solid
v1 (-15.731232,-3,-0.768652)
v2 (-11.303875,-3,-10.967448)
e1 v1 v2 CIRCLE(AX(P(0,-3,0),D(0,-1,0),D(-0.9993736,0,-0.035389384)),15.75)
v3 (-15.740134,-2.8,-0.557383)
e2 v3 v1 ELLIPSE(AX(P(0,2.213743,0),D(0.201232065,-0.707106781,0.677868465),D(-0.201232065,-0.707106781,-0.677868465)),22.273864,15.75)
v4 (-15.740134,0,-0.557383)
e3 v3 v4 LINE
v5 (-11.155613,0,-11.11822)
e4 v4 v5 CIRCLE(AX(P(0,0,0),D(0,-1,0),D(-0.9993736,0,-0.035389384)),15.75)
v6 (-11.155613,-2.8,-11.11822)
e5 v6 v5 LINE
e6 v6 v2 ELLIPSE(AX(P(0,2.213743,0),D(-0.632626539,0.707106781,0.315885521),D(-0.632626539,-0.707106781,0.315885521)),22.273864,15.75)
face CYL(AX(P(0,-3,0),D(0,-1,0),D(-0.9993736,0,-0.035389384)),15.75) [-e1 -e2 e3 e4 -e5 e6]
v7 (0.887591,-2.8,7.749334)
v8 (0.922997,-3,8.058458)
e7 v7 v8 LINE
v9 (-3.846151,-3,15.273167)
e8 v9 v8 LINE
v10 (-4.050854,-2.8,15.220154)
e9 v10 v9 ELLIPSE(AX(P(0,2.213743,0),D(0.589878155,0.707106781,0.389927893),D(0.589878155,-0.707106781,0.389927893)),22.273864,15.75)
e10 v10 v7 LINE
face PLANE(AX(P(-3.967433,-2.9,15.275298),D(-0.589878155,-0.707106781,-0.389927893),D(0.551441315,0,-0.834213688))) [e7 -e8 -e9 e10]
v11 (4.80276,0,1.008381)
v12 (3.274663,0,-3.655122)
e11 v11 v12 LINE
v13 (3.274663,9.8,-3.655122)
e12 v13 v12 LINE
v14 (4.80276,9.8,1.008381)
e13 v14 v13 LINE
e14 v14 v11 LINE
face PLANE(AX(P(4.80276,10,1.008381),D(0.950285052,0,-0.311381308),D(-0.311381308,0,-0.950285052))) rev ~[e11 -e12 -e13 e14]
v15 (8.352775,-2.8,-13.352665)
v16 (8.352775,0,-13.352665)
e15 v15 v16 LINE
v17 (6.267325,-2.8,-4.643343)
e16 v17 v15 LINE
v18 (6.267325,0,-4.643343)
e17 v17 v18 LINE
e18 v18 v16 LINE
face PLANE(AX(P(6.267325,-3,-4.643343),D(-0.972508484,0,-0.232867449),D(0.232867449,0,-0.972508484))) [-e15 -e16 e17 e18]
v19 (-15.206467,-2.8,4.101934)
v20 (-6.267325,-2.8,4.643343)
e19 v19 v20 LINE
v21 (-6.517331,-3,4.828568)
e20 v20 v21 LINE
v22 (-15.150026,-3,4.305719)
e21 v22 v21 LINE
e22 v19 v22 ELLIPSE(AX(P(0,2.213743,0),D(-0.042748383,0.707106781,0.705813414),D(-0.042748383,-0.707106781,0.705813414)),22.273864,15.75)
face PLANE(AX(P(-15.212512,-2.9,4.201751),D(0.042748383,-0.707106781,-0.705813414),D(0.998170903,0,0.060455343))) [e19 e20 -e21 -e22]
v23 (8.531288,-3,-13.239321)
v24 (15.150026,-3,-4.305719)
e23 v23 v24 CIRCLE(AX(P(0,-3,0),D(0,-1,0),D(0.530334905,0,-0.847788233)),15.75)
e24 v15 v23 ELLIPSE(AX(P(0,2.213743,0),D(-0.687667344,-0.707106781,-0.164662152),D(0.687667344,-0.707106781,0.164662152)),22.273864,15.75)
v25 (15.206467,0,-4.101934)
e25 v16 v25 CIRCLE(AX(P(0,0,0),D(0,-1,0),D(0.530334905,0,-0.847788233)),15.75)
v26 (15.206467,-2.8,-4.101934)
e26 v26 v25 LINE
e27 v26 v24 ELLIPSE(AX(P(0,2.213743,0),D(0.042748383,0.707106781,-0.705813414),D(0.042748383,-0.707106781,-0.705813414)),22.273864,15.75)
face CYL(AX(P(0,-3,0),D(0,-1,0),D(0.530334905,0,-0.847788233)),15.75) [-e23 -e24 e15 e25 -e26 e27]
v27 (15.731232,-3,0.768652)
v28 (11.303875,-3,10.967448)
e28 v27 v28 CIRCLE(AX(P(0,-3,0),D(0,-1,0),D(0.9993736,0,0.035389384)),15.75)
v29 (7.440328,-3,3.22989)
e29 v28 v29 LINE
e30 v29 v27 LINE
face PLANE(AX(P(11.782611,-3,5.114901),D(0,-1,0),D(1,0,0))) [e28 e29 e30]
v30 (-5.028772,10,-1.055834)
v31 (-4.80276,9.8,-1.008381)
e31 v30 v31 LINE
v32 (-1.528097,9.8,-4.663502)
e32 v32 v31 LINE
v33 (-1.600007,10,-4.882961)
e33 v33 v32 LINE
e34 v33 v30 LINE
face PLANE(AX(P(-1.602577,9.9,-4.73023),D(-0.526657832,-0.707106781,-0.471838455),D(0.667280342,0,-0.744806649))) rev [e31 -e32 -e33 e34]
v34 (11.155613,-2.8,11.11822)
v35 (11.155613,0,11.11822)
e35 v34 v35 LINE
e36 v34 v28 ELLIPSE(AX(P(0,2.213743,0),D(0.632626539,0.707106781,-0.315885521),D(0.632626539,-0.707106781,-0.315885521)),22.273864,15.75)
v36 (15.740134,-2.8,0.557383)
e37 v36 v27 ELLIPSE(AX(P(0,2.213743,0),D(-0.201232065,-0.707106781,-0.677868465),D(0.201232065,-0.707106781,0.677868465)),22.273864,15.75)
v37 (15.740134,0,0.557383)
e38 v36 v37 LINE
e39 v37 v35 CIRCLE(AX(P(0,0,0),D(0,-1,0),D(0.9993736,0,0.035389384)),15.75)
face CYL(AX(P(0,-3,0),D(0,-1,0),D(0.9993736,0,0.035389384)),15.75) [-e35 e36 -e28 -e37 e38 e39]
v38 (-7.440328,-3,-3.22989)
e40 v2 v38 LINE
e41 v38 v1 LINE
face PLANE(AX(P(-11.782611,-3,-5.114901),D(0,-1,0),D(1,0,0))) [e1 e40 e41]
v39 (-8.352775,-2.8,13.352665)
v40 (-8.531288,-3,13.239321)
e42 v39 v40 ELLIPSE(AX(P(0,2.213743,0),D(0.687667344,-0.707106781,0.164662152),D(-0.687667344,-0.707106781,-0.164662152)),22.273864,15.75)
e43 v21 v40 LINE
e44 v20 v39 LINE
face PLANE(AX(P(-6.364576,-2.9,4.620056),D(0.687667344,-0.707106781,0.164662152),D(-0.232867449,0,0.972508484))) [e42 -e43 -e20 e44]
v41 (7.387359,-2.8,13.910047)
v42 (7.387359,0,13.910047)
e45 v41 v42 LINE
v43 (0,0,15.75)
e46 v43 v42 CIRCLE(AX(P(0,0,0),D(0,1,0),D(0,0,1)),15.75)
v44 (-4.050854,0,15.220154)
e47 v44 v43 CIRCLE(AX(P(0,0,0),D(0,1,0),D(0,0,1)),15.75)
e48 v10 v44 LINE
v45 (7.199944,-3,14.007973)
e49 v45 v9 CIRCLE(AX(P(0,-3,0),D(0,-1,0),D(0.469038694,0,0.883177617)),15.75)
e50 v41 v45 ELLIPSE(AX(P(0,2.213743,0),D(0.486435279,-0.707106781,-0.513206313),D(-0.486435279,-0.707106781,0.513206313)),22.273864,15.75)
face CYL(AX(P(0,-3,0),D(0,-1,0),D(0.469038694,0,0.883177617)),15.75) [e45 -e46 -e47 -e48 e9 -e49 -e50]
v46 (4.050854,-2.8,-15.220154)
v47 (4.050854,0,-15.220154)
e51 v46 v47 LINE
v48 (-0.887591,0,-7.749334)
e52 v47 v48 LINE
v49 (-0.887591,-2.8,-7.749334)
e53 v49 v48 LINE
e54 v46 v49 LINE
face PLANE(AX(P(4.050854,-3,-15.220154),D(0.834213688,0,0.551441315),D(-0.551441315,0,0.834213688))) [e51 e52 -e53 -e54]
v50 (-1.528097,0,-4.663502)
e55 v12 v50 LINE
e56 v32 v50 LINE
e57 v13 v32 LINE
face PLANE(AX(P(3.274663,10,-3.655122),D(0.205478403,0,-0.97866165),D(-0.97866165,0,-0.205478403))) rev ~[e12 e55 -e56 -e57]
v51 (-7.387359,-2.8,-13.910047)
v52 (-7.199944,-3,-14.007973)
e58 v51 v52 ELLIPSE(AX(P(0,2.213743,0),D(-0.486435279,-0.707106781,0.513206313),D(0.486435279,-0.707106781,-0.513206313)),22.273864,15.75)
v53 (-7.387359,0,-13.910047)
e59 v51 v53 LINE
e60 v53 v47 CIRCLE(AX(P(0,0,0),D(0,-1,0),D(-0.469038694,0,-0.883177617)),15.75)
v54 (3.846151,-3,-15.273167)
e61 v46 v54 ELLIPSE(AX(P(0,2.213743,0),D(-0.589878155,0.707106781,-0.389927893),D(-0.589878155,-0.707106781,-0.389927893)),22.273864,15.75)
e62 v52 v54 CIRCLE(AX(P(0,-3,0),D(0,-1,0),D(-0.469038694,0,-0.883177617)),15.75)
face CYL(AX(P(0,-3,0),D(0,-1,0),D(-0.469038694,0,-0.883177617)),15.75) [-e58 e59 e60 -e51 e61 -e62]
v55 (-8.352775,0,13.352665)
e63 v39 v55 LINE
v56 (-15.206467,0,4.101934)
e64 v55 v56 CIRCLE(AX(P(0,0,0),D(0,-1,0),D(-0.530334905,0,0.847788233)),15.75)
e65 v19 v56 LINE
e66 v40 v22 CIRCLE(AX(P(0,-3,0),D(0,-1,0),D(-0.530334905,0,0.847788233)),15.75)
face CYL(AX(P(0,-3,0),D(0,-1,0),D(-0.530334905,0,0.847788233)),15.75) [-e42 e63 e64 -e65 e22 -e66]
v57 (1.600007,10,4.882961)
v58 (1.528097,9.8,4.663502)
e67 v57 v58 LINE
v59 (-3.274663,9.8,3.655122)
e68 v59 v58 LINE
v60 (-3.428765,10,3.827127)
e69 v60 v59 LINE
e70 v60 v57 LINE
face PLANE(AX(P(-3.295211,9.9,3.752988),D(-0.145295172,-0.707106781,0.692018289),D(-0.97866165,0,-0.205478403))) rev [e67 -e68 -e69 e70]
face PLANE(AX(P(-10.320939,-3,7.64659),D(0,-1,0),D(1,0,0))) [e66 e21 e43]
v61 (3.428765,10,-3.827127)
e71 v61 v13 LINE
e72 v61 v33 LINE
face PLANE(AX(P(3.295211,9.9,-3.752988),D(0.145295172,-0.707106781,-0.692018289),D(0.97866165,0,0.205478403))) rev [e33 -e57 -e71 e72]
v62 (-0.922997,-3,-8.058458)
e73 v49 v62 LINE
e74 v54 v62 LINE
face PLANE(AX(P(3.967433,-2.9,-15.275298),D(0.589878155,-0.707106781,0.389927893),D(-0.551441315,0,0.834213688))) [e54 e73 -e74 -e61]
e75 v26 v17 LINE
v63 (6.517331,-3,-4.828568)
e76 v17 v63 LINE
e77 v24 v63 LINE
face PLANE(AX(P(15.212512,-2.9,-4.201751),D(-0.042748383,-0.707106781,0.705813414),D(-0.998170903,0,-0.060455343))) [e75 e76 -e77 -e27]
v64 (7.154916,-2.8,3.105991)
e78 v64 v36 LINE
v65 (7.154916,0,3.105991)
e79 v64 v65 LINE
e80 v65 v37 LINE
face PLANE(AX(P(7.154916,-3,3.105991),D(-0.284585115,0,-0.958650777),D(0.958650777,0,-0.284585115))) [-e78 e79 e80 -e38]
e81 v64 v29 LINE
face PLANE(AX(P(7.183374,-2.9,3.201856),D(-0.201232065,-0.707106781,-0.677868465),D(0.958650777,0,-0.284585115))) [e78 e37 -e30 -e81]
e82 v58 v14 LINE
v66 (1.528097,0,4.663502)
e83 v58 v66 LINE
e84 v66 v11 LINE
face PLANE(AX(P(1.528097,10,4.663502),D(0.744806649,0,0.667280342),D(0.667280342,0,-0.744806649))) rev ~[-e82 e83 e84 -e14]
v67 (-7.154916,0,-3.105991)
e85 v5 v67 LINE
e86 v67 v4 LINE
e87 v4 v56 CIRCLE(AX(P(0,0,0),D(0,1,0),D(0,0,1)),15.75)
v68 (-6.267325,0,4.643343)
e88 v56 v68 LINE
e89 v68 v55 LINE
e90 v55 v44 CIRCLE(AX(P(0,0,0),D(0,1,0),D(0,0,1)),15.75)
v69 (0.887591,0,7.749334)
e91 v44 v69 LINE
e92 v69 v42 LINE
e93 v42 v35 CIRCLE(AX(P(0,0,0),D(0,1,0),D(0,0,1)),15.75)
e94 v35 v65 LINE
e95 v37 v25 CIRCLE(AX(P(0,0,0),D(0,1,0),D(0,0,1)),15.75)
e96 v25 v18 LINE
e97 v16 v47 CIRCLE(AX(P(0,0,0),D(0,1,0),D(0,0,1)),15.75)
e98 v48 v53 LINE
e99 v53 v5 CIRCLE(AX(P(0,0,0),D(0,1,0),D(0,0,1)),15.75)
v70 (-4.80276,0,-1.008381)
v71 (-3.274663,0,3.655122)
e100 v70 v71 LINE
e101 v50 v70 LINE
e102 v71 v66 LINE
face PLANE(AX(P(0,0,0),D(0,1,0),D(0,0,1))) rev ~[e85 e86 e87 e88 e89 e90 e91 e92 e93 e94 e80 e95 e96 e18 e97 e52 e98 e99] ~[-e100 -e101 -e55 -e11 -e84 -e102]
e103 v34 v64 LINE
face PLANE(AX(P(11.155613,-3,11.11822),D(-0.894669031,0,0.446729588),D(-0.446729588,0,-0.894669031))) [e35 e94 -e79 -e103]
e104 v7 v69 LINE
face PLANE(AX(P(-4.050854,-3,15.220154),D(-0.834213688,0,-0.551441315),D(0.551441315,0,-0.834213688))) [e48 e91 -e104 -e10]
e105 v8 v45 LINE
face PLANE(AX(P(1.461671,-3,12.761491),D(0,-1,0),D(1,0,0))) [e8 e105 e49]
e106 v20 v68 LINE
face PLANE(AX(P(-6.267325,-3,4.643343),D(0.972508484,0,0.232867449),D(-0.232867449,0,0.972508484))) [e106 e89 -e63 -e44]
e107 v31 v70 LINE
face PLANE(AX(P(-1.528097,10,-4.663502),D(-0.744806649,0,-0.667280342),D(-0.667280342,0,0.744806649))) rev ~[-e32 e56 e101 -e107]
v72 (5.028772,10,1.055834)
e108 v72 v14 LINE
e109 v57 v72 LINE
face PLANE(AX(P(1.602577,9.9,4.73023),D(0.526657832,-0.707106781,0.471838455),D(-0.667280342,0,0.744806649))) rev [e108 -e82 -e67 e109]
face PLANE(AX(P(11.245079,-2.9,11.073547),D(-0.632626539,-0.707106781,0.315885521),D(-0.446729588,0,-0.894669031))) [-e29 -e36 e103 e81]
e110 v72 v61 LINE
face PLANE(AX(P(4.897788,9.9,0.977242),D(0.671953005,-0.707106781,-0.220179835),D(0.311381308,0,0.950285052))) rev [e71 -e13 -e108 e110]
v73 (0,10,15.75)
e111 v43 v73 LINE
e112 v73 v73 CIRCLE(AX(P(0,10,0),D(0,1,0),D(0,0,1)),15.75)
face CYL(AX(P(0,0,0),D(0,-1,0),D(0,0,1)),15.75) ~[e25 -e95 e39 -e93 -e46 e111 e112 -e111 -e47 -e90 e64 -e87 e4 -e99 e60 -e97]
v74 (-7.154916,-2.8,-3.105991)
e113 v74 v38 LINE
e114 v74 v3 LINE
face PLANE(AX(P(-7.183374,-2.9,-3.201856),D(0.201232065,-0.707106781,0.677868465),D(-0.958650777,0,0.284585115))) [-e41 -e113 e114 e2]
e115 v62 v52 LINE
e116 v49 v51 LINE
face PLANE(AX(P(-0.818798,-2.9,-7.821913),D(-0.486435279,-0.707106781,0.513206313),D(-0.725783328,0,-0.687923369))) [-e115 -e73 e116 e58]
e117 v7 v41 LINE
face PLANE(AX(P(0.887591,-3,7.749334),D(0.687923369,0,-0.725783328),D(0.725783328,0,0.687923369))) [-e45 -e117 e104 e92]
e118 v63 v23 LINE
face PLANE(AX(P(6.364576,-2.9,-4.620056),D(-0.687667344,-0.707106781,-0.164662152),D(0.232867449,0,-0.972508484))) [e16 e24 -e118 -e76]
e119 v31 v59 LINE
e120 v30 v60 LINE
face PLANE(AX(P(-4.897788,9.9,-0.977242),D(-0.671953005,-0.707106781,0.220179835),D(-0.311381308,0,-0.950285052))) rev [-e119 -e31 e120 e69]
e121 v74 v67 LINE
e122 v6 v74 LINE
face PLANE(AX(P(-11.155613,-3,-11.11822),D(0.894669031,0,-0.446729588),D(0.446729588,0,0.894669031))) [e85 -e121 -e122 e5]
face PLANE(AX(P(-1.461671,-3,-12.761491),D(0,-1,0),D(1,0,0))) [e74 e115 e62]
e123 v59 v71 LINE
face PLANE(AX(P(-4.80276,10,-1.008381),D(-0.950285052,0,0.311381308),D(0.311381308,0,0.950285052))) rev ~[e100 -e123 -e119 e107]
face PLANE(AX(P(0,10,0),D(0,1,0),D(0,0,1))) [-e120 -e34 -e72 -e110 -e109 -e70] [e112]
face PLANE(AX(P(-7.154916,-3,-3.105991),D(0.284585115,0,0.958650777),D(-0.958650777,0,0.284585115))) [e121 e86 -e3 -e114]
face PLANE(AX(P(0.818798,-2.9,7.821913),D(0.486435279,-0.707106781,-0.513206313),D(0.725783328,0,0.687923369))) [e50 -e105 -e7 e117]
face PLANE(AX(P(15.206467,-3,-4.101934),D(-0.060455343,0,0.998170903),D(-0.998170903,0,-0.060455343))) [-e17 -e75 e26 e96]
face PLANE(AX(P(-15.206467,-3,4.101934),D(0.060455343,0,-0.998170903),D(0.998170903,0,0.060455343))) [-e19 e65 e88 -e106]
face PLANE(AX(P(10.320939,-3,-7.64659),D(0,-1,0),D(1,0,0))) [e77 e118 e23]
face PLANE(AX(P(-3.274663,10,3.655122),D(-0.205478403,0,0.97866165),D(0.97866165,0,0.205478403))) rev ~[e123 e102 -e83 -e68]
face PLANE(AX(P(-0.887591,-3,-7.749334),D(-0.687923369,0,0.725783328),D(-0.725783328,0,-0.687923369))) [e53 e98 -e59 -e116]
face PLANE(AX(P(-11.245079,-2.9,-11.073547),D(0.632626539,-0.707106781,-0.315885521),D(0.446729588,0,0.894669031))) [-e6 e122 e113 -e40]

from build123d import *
from build123d.topology import SkipClean

# Parameters (mm, degrees)
SKETCH1_R           = 15.75
BOSS_EXTRUDE1_DEPTH = 10
CUT_EXTRUDE1_DEPTH  = 10
BOSS_EXTRUDE2_START = 3
BOSS_EXTRUDE2_DEPTH = 3
CHAMFER1_SIZE       = 0.2


with BuildPart() as part:
    # Sketch1 → Boss-Extrude1 (new body)
    with BuildSketch(Plane(origin=(0, 0, 0), x_dir=(1, 0, 0), z_dir=(0, 1, 0))):
        with Locations(Location((0, 0, 0), (0, 0, 270))):
            Circle(SKETCH1_R)
    extrude(amount=BOSS_EXTRUDE1_DEPTH)

    # Sketch2 → Cut-Extrude1 (cut)
    with BuildSketch(Plane(origin=(0, 10, 0), x_dir=(1, 0, 0), z_dir=(0, 1, 0))):
        Polygon((3.274663124, 3.655121716), (-1.528096697, 4.663502312), (-4.802759822, 1.008380597), (-3.274663124, -3.655121716), (1.528096697, -4.663502312), (4.802759822, -1.008380597), align=None)
    extrude(amount=-CUT_EXTRUDE1_DEPTH, mode=Mode.SUBTRACT)

    # Sketch3 → Boss-Extrude2 (add)
    with SkipClean():  # the faces are left unmerged after this step: merging them gives an invalid solid
        with BuildSketch(Plane.XZ.offset(BOSS_EXTRUDE2_START)):
            with BuildLine():
                Line((-11.155612536, -11.118219684), (-7.154915715, -3.105991164))
                Line((-7.154915715, -3.105991164), (-15.740134193, -0.557382799))
                ThreePointArc((-15.740134193, -0.557382799), (-14.447425963, -6.271712927), (-11.155612536, -11.118219684))
            make_face()
            with BuildLine():
                Line((-0.887590606, -7.749334353), (-7.387359433, -13.910047469))
                ThreePointArc((-7.387359433, -13.910047469), (-1.792250262, -15.647694367), (4.050854423, -15.220153693))
                Line((4.050854423, -15.220153693), (-0.887590606, -7.749334353))
            make_face()
            with BuildLine():
                Line((6.267325109, -4.643343189), (8.35277476, -13.352664671))
                ThreePointArc((8.35277476, -13.352664671), (12.655175702, -9.37598144), (15.206466959, -4.101934009))
                Line((15.206466959, -4.101934009), (6.267325109, -4.643343189))
            make_face()
            with BuildLine():
                ThreePointArc((15.740134193, 0.557382799), (14.447425963, 6.271712927), (11.155612536, 11.118219684))
                Line((11.155612536, 11.118219684), (7.154915715, 3.105991164))
                Line((7.154915715, 3.105991164), (15.740134193, 0.557382799))
            make_face()
            with BuildLine():
                ThreePointArc((7.387359433, 13.910047469), (1.792250262, 15.647694367), (-4.050854423, 15.220153693))
                Line((-4.050854423, 15.220153693), (0.887590606, 7.749334353))
                Line((0.887590606, 7.749334353), (7.387359433, 13.910047469))
            make_face()
            with BuildLine():
                ThreePointArc((-8.35277476, 13.352664671), (-12.655175702, 9.37598144), (-15.206466959, 4.101934009))
                Line((-15.206466959, 4.101934009), (-6.267325109, 4.643343189))
                Line((-6.267325109, 4.643343189), (-8.35277476, 13.352664671))
            make_face()
        extrude(amount=-BOSS_EXTRUDE2_DEPTH)

    # Chamfer1
    chamfer1_edges = [part.edges().sort_by_distance(p)[0] for p in [
        (4.038711473, 10, -1.323370559),
        (0.873283214, 10, -4.159312014),
        (-3.16542826, 10, -2.835941455),
        (-4.038711473, 10, 1.323370559),
        (-0.873283214, 10, 4.159312014),
        (3.16542826, 10, 2.835941455),
        (-9.155264126, -3, -7.112105424),
        (-11.447524954, -3, -1.831686981),
        (1.581631909, -3, -11.484744023),
        (-4.13747502, -3, -10.829690911),
        (10.736896034, -3, -4.372638599),
        (7.310049935, -3, -8.99800393),
        (9.155264126, -3, 7.112105424),
        (11.447524954, -3, 1.831686981),
        (-1.581631909, -3, 11.484744023),
        (4.13747502, -3, 10.829690911),
        (-10.736896034, -3, 4.372638599),
        (-7.310049935, -3, 8.99800393),
    ]]
    chamfer(chamfer1_edges, length=CHAMFER1_SIZE)


solid = part.part
